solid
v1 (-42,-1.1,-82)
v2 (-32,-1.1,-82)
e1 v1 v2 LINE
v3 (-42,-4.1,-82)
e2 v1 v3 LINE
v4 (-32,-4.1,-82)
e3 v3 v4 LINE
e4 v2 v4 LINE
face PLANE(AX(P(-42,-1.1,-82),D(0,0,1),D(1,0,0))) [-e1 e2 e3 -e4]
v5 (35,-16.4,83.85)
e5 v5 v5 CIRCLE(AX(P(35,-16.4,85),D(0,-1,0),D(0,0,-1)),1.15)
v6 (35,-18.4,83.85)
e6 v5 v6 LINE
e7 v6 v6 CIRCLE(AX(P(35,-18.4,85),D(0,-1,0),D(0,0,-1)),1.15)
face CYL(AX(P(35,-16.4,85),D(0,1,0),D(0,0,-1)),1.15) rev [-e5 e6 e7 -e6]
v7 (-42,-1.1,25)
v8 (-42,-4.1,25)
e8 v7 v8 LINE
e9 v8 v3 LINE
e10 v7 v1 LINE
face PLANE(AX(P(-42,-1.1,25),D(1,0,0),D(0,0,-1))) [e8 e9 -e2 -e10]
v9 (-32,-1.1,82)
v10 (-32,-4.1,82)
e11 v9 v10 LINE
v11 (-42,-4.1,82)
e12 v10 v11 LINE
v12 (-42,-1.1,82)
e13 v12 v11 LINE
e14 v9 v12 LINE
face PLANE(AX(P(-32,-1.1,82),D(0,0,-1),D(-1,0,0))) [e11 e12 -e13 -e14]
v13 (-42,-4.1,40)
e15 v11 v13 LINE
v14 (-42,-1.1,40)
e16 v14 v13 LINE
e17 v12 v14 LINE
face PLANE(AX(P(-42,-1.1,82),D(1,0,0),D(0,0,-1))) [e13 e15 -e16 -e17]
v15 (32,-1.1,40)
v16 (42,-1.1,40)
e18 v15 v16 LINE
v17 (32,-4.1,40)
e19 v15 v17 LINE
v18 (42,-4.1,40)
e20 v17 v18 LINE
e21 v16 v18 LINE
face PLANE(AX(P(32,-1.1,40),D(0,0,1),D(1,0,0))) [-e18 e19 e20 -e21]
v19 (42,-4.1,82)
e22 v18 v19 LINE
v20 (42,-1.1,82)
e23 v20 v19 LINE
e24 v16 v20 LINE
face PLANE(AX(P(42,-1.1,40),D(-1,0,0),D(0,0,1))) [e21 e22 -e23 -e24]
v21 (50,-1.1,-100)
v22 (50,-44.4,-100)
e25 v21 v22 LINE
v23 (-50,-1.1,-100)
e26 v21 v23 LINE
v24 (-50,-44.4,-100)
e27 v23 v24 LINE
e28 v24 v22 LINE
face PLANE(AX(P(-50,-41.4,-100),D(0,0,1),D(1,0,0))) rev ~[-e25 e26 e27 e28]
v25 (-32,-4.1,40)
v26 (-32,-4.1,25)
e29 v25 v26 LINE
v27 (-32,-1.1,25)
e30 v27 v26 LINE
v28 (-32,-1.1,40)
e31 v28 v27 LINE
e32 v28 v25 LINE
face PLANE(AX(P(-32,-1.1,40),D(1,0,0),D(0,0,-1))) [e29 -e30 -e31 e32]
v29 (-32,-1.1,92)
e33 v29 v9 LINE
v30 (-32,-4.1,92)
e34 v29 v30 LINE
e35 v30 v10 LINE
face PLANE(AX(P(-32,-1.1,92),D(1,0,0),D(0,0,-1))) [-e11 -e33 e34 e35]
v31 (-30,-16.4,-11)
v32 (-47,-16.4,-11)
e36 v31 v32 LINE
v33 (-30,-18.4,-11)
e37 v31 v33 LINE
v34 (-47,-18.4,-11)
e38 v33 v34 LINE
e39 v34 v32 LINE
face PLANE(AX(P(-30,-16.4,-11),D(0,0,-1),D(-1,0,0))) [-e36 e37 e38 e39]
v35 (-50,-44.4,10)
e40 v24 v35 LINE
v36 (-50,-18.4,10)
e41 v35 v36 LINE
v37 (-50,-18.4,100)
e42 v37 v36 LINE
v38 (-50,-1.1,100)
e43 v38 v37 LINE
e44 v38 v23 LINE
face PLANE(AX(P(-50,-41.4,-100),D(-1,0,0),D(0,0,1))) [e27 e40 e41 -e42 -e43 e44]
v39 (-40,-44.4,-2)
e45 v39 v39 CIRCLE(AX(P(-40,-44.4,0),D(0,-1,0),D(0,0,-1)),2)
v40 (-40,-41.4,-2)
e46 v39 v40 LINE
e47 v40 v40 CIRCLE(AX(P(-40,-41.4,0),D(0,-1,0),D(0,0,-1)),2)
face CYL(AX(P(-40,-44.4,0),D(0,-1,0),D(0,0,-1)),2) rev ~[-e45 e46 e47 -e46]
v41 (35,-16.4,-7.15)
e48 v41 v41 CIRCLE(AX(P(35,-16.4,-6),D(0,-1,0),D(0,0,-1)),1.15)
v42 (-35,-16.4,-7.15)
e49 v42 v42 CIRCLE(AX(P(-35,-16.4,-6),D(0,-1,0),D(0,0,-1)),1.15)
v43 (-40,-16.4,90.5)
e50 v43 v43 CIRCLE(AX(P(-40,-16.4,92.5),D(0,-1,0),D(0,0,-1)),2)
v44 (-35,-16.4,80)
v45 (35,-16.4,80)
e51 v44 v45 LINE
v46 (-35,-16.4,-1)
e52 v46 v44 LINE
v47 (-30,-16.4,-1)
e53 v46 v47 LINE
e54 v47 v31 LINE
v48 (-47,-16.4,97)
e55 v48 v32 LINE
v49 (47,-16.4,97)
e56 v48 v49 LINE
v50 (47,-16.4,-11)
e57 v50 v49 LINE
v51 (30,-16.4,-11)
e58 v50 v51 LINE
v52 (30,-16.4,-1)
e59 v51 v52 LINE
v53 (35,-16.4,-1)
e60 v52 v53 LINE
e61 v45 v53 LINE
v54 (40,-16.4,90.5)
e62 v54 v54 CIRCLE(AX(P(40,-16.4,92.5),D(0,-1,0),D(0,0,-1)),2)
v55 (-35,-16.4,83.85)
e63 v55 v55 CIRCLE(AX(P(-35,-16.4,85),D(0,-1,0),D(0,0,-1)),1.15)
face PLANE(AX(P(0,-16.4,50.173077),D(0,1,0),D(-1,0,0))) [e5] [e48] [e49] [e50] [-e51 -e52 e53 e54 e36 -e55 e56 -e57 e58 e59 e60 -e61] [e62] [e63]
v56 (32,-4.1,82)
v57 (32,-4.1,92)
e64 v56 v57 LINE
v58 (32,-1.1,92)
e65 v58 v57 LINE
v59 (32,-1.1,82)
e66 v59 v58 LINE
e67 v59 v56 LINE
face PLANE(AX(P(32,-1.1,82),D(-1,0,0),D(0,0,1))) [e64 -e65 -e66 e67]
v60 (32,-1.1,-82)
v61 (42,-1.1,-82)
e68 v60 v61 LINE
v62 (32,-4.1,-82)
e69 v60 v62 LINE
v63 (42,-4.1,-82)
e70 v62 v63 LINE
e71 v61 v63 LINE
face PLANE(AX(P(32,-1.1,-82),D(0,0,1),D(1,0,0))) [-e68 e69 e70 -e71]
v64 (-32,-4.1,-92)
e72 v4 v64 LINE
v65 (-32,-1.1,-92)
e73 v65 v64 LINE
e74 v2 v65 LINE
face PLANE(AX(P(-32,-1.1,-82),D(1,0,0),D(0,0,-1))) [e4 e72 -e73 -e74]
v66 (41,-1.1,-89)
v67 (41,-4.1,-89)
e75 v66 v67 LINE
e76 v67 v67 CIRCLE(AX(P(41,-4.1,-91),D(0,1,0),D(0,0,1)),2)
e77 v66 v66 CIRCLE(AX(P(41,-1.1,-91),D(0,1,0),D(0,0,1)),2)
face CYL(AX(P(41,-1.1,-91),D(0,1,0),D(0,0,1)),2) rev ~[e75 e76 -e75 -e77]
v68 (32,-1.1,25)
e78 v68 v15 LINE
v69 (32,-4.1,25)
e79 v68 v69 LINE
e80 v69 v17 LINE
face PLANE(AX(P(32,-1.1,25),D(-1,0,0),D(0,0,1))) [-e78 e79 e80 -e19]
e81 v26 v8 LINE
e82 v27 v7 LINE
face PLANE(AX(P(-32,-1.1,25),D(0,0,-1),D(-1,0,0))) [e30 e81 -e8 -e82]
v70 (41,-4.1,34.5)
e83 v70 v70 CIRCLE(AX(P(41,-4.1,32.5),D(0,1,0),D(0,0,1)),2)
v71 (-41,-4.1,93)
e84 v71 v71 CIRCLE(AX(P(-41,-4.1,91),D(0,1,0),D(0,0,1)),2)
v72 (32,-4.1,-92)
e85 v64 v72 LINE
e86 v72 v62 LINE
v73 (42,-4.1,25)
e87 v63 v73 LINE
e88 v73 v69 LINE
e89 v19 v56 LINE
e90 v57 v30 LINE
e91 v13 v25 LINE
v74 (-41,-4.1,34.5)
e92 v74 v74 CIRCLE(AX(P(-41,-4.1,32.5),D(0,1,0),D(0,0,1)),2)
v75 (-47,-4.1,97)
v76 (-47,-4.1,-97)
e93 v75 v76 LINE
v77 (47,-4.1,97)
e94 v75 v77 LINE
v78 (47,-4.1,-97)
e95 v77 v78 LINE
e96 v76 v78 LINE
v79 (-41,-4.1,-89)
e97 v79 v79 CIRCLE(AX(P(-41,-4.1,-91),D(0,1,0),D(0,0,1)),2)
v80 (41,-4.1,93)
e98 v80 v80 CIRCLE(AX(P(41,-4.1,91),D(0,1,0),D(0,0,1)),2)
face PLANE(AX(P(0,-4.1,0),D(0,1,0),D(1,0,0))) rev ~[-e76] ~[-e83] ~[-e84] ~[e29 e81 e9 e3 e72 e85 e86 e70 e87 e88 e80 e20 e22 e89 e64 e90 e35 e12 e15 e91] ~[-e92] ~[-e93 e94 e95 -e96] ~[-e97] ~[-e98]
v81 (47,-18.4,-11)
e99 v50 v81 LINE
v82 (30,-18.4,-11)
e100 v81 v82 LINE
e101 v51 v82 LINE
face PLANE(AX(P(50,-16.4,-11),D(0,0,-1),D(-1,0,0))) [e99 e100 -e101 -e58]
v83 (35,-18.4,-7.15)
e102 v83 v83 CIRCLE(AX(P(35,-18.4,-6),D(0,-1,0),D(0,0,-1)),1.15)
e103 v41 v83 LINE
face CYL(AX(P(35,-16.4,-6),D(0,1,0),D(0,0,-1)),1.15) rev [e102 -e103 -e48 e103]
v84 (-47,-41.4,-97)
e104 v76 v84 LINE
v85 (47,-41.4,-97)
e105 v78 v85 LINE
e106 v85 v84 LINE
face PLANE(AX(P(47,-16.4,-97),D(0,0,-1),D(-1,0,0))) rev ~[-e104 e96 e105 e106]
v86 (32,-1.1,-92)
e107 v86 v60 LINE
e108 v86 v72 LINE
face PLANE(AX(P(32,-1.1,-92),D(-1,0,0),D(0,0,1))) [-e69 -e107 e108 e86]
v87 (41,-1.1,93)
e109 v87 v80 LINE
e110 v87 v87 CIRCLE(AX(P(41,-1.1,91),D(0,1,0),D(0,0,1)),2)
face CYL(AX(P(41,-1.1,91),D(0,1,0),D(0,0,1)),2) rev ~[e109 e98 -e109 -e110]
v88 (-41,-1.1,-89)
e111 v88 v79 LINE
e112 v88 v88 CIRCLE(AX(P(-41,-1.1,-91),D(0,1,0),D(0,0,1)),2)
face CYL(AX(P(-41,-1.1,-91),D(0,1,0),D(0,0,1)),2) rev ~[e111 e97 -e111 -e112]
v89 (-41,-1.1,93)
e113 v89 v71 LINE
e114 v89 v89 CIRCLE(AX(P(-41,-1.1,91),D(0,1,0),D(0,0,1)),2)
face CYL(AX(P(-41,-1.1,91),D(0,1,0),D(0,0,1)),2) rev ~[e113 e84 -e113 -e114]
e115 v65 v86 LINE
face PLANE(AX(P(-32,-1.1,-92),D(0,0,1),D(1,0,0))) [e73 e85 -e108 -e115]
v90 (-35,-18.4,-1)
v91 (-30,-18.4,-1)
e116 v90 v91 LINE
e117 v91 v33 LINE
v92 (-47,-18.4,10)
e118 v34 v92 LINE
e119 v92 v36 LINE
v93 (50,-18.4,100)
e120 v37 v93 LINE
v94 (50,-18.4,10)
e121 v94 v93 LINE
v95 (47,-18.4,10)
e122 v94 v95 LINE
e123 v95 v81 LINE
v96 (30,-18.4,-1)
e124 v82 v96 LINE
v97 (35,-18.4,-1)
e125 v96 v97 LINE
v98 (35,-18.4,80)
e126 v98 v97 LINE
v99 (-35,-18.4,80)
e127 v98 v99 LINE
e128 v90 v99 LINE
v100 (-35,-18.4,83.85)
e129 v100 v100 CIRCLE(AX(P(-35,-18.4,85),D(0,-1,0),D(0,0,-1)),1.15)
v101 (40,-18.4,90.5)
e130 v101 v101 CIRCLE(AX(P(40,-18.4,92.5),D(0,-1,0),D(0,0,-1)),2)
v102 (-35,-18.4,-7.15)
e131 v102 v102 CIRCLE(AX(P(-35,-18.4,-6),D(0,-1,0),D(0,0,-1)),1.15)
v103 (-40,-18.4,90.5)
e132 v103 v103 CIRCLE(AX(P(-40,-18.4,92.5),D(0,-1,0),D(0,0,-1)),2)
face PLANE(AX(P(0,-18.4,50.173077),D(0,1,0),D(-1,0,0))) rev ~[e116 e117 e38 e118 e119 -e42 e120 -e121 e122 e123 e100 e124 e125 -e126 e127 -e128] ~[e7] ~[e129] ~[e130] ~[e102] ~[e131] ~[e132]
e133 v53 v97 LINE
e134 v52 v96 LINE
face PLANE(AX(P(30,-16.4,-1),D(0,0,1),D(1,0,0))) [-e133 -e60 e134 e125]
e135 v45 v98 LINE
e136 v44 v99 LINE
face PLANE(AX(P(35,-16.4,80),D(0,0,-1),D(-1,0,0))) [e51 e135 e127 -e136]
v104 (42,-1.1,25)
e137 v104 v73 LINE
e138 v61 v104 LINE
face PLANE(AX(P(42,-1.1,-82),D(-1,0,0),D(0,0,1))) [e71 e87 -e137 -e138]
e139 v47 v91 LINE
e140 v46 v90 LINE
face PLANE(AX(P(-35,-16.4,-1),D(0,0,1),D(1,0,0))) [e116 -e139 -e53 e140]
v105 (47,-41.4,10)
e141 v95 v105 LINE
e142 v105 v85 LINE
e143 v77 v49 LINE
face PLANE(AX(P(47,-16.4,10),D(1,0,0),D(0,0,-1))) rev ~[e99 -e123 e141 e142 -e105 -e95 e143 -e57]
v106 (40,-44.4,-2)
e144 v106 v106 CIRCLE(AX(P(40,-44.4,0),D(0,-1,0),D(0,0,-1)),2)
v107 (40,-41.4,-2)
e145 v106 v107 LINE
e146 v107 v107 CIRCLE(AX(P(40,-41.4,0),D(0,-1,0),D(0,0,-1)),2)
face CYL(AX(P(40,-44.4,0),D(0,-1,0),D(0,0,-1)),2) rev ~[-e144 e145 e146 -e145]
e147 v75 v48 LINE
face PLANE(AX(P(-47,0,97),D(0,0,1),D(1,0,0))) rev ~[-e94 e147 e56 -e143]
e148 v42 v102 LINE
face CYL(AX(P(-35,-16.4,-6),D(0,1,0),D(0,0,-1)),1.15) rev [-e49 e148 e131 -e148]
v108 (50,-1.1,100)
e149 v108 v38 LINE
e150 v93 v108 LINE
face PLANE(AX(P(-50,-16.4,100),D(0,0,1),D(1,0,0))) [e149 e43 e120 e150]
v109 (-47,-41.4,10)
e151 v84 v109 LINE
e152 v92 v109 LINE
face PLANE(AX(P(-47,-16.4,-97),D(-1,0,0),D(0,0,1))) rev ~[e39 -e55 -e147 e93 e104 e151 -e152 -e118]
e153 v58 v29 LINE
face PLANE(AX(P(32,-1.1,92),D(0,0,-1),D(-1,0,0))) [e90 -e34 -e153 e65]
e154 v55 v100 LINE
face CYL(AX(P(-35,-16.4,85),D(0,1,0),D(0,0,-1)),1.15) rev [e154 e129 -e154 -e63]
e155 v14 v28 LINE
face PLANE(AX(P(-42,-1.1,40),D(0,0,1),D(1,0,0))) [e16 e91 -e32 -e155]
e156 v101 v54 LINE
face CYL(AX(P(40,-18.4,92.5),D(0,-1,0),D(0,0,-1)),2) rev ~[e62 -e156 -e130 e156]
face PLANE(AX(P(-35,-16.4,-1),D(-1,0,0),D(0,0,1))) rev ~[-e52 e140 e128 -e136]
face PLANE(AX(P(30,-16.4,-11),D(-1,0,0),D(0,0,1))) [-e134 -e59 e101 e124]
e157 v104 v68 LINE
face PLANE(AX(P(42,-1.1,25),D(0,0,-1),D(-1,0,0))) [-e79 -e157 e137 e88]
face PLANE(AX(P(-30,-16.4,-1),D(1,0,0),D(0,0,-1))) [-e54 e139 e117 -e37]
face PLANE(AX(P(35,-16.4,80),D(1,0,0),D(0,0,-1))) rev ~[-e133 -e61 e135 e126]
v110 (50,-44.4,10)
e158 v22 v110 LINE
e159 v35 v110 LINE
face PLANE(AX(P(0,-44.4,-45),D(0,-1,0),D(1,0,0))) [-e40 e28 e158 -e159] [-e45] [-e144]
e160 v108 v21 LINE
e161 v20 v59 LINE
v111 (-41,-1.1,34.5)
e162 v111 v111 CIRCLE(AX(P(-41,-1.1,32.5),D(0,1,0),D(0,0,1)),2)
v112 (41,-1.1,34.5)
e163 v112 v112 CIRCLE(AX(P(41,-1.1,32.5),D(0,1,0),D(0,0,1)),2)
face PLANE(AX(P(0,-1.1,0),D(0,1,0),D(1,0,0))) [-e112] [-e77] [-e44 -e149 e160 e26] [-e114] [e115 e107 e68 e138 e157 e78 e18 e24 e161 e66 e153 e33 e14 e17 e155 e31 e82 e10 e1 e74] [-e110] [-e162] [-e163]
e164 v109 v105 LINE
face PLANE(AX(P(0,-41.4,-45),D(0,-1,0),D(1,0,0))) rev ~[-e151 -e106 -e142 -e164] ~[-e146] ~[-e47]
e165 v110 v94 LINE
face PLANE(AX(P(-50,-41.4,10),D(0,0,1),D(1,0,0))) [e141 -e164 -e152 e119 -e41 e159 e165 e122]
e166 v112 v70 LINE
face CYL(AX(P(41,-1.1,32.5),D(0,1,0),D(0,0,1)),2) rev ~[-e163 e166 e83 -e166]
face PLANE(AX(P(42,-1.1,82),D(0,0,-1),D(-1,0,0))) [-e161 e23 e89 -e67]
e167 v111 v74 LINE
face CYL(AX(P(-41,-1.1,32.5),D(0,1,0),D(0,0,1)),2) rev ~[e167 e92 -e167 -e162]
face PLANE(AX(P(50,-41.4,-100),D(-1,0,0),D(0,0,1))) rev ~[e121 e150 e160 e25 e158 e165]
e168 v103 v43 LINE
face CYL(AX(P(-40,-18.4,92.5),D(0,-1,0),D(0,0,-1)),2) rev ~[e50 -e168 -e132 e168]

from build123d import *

# Parameters (mm, degrees)
SKETCH1_W           = 100
SKETCH1_H           = 200
SKETCH1_W_2         = 67
SKETCH1_H_2         = 110
BOSS_EXTRUDE1_DEPTH = 2
SKETCH2_W           = 100
SKETCH2_H           = 200
SKETCH2_W_2         = 94
SKETCH2_H_2         = 194
BOSS_EXTRUDE2_DEPTH = 16.4
SKETCH3_R           = 1.15
BOSS_EXTRUDE3_DEPTH = 2
BOSS_EXTRUDE4_DEPTH = 25
SKETCH8_W           = 100
SKETCH8_H           = 110
BOSS_EXTRUDE5_DEPTH = 3
SKETCH9_W           = 11
SKETCH9_H           = 13
CUT_EXTRUDE2_DEPTH  = 36
SKETCH13_W          = 141.504865249
SKETCH13_H          = 212.967188503
CUT_EXTRUDE6_DEPTH  = 3.1
SKETCH14_W          = 94
SKETCH14_H          = 194
BOSS_EXTRUDE6_DEPTH = 3
CUT_EXTRUDE7_DEPTH  = 3
SKETCH15_R          = 2
CUT_EXTRUDE8_DEPTH  = 3
SKETCH16_R          = 2
CUT_EXTRUDE9_DEPTH  = 3
SKETCH17_R          = 2
CUT_EXTRUDE10_DEPTH = 3


with BuildPart() as part:
    # Sketch1 → Boss-Extrude1 (new body)
    with BuildSketch(Plane(origin=(0, 0, 0), x_dir=(1, 0, 0), z_dir=(0, 1, 0))):
        Rectangle(SKETCH1_W, SKETCH1_H)
        with Locations((0, 35)):
            Rectangle(SKETCH1_W_2, SKETCH1_H_2, mode=Mode.SUBTRACT)
    extrude(amount=BOSS_EXTRUDE1_DEPTH)

    # Sketch2 → Boss-Extrude2 (add)
    with BuildSketch(Plane.XZ):
        Rectangle(SKETCH2_W, SKETCH2_H)
        Rectangle(SKETCH2_W_2, SKETCH2_H_2, mode=Mode.SUBTRACT)
    extrude(amount=BOSS_EXTRUDE2_DEPTH)

    # Sketch3 → Boss-Extrude3 (add)
    with BuildSketch(Plane.XZ.offset(16.4)):
        Polygon((-50, 100), (50, 100), (50, 10), (50, -11), (30, -11), (30, -1), (35, -1), (35, 10), (35, 80), (-35, 80), (-35, 10), (-35, -1), (-30, -1), (-30, -11), (-50, -11), (-50, 10), align=None)
        with Locations((-35, 85)):
            Circle(SKETCH3_R, mode=Mode.SUBTRACT)
        with Locations((35, 85)):
            Circle(SKETCH3_R, mode=Mode.SUBTRACT)
        with Locations((-35, -6)):
            Circle(SKETCH3_R, mode=Mode.SUBTRACT)
        with Locations((35, -6)):
            Circle(SKETCH3_R, mode=Mode.SUBTRACT)
    extrude(amount=BOSS_EXTRUDE3_DEPTH)

    # Sketch5 → Boss-Extrude4 (add)
    with BuildSketch(Plane.XZ.offset(16.4)):
        Polygon((-50, -100), (50, -100), (50, -97), (50, 10), (47, 10), (47, -97), (-47, -97), (-47, 10), (-50, 10), (-50, -97), align=None)
    extrude(amount=BOSS_EXTRUDE4_DEPTH)

    # Sketch8 → Boss-Extrude5 (add)
    with BuildSketch(Plane.XZ.offset(41.4)):
        with Locations((0, -45)):
            Rectangle(SKETCH8_W, SKETCH8_H)
    extrude(amount=BOSS_EXTRUDE5_DEPTH)

    # Sketch9 → Cut-Extrude2 (cut)
    with BuildSketch(Plane(origin=(0, -16.4, 0), x_dir=(1, 0, 0), z_dir=(0, 1, 0))):
        with Locations((-28.65, -74.5)):
            Rectangle(SKETCH9_W, SKETCH9_H)
        with Locations((-0.71, -74.5)):
            Rectangle(SKETCH9_W, SKETCH9_H)
        with Locations((24.69, -74.5)):
            Rectangle(SKETCH9_W, SKETCH9_H)
        with Locations((-28.65, -49.1)):
            Rectangle(SKETCH9_W, SKETCH9_H)
        with Locations((-0.71, -49.1)):
            Rectangle(SKETCH9_W, SKETCH9_H)
        with Locations((24.69, -49.1)):
            Rectangle(SKETCH9_W, SKETCH9_H)
    extrude(amount=CUT_EXTRUDE2_DEPTH, mode=Mode.SUBTRACT)

    # Sketch13 → Cut-Extrude6 (cut)
    with BuildSketch(Plane(origin=(0, 2, 0), x_dir=(1, 0, 0), z_dir=(0, 1, 0))):
        with Locations((7.572166702, -0.236630209)):
            Rectangle(SKETCH13_W, SKETCH13_H)
    extrude(amount=-CUT_EXTRUDE6_DEPTH, mode=Mode.SUBTRACT)

    # Sketch14 → Boss-Extrude6 (add)
    with BuildSketch(Plane(origin=(0, -1.1, 0), x_dir=(1, 0, 0), z_dir=(0, 1, 0))):
        Rectangle(SKETCH14_W, SKETCH14_H)
    extrude(amount=-BOSS_EXTRUDE6_DEPTH)

    # Sketch14<4> → Cut-Extrude7 (cut)
    with BuildSketch(Plane(origin=(0, -1.1, 0), x_dir=(1, 0, 0), z_dir=(0, 1, 0))):
        Polygon((-32, 92), (32, 92), (32, 82), (42, 82), (42, -25), (32, -25), (32, -40), (42, -40), (42, -82), (32, -82), (32, -92), (-32, -92), (-32, -82), (-42, -82), (-42, -40), (-32, -40), (-32, -25), (-42, -25), (-42, 82), (-32, 82), align=None)
    extrude(amount=-CUT_EXTRUDE7_DEPTH, mode=Mode.SUBTRACT)

    # Sketch15 → Cut-Extrude8 (cut)
    with BuildSketch(Plane.XZ.offset(44.4)):
        with Locations((-40, 0)):
            Circle(SKETCH15_R)
        with Locations((40, 0)):
            Circle(SKETCH15_R)
    extrude(amount=-CUT_EXTRUDE8_DEPTH, mode=Mode.SUBTRACT)

    # Sketch16 → Cut-Extrude9 (cut)
    with BuildSketch(Plane.XZ.offset(18.4)):
        with Locations((-40, 92.5)):
            Circle(SKETCH16_R)
        with Locations((40, 92.5)):
            Circle(SKETCH16_R)
    extrude(amount=-CUT_EXTRUDE9_DEPTH, mode=Mode.SUBTRACT)

    # Sketch17 → Cut-Extrude10 (cut)
    with BuildSketch(Plane(origin=(0, -1.1, 0), x_dir=(1, 0, 0), z_dir=(0, 1, 0))):
        with Locations((-41, 91)):
            Circle(SKETCH17_R)
        with Locations((41, 91)):
            Circle(SKETCH17_R)
        with Locations((-41, -32.5)):
            Circle(SKETCH17_R)
        with Locations((41, -32.5)):
            Circle(SKETCH17_R)
        with Locations((-41, -91)):
            Circle(SKETCH17_R)
        with Locations((41, -91)):
            Circle(SKETCH17_R)
    extrude(amount=-CUT_EXTRUDE10_DEPTH, mode=Mode.SUBTRACT)


solid = part.part
